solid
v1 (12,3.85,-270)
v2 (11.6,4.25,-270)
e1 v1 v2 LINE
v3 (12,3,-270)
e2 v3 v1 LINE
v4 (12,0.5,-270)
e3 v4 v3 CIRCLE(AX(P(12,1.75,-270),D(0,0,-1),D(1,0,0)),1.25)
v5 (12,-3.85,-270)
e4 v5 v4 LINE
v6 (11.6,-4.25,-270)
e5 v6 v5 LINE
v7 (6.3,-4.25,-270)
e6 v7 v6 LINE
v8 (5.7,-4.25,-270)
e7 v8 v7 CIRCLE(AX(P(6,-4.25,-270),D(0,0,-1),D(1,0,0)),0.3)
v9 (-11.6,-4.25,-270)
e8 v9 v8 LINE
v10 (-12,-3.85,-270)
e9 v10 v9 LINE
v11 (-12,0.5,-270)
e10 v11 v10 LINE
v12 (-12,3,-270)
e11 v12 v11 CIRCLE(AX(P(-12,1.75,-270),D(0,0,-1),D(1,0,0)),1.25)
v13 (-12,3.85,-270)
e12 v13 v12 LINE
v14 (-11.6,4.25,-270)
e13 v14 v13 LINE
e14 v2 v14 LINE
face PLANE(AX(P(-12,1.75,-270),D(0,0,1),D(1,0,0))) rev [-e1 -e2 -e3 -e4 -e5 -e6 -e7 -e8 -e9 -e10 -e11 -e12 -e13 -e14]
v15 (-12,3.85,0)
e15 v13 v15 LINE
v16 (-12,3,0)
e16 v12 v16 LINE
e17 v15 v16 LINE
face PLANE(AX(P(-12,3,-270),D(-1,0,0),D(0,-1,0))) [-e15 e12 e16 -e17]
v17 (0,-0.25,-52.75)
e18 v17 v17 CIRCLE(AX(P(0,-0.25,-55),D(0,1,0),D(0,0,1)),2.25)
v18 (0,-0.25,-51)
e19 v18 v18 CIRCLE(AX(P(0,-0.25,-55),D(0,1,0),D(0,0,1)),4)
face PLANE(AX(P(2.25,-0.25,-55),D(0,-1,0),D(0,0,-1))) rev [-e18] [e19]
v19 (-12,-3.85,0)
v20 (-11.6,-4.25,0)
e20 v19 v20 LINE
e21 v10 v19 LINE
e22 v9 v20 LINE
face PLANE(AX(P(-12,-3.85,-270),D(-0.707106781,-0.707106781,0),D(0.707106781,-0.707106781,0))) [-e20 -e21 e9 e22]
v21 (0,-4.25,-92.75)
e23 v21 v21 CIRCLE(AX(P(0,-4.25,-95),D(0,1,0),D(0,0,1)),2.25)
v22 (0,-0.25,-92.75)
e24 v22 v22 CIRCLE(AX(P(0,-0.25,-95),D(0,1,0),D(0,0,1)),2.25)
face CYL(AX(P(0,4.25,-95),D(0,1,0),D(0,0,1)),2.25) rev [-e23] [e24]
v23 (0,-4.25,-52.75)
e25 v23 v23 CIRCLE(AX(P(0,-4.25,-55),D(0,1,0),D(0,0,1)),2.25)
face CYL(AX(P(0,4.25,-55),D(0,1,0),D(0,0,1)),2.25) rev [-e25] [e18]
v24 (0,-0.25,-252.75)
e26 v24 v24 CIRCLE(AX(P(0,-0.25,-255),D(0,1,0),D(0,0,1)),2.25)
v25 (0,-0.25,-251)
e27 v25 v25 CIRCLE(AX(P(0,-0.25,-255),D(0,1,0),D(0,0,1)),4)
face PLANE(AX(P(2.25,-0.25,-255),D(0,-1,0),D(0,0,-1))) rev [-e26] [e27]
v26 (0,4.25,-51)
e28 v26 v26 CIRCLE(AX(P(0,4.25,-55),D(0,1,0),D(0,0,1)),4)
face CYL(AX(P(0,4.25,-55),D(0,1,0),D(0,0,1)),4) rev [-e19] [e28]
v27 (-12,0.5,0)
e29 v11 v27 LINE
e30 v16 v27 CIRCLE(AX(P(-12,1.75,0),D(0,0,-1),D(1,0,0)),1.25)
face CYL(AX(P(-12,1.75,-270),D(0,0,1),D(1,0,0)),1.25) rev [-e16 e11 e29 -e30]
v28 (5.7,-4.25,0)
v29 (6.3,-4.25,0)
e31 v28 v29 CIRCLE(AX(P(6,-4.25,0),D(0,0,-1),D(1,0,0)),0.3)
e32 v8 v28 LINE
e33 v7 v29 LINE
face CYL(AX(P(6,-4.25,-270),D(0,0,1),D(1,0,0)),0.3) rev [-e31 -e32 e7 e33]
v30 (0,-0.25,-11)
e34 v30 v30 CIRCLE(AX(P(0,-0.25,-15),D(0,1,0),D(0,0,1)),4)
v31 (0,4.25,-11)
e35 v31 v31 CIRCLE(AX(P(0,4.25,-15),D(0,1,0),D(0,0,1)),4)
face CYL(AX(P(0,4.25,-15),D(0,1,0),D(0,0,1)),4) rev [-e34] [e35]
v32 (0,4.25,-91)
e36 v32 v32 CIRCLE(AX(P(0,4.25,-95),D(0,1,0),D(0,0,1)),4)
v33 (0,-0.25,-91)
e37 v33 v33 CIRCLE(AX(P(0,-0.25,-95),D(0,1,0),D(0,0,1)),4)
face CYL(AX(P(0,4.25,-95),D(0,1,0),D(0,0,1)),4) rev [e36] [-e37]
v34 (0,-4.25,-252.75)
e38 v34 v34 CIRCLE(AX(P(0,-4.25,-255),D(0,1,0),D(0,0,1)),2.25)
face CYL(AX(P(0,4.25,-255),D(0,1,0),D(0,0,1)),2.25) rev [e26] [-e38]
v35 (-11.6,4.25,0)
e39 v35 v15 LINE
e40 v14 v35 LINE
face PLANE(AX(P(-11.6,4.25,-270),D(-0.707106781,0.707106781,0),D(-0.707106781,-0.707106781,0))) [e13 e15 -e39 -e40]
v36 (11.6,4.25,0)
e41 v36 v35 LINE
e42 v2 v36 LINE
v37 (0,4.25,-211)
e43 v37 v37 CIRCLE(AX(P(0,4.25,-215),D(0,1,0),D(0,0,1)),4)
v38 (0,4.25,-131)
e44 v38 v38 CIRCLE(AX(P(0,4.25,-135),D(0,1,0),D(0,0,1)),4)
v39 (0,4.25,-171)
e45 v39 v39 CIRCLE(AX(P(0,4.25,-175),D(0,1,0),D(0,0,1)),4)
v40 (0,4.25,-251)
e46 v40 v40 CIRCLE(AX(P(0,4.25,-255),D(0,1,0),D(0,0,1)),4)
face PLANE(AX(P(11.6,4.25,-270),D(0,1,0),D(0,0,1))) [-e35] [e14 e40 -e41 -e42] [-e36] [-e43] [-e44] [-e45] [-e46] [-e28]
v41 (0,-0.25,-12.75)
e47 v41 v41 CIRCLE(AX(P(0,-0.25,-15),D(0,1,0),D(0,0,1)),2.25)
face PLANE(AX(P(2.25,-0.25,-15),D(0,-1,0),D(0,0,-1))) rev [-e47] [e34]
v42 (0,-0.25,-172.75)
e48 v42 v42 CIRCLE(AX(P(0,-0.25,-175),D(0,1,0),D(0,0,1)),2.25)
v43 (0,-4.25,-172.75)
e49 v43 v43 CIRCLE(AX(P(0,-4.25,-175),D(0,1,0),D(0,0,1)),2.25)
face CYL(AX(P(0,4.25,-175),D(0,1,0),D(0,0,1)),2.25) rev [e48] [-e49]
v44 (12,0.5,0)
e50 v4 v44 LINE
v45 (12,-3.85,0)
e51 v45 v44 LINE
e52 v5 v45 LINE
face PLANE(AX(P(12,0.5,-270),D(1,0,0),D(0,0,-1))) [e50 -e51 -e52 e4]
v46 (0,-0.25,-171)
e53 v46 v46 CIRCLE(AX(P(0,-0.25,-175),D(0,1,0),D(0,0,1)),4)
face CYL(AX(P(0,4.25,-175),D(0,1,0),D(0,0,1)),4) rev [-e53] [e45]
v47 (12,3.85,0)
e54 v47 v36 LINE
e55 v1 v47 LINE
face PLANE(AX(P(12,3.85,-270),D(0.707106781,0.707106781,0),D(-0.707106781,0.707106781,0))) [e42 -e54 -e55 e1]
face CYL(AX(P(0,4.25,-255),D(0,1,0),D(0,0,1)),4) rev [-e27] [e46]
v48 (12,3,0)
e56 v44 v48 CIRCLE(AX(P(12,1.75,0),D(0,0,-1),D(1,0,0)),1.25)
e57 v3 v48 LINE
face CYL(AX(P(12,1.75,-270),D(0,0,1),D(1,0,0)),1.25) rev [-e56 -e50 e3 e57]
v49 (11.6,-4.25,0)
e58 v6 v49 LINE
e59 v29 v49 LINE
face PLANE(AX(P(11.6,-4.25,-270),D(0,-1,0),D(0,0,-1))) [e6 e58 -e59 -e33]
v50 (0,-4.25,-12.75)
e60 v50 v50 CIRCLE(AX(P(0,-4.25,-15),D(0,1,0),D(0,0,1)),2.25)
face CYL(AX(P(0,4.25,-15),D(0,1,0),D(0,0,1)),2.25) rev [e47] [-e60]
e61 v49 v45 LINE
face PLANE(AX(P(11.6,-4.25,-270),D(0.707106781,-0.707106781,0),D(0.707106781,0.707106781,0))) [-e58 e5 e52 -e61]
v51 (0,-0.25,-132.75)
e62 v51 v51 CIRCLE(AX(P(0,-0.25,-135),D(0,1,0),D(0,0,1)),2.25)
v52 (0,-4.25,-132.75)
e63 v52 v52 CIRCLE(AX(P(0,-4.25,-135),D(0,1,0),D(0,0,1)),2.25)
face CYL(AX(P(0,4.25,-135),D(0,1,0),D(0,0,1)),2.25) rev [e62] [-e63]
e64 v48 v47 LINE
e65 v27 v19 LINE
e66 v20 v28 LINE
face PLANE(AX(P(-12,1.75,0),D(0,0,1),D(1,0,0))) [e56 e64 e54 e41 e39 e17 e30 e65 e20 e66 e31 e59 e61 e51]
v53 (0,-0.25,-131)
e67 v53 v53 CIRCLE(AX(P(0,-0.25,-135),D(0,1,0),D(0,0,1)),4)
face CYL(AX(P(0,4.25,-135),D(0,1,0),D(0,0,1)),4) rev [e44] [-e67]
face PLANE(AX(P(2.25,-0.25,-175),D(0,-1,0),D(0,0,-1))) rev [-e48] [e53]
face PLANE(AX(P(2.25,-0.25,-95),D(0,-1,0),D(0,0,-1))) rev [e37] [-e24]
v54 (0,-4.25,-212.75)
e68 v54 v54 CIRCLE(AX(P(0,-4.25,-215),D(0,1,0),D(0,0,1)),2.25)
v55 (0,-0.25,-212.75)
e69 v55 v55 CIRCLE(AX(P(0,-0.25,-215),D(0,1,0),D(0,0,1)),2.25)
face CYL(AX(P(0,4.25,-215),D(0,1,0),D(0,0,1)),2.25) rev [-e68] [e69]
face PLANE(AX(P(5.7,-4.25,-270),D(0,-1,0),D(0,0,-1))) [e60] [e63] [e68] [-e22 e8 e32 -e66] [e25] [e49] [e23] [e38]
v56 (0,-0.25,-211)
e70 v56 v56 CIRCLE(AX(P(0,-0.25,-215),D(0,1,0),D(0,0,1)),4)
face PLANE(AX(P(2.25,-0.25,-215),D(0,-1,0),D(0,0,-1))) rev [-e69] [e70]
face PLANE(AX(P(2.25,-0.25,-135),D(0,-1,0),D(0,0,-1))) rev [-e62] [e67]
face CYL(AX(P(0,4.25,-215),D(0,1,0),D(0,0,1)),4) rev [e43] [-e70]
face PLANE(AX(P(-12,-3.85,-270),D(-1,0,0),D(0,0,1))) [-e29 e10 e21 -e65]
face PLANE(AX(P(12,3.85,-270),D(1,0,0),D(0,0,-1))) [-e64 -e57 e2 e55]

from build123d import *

# Parameters (mm, degrees)
EXTRUDE_1_DEPTH           = 270
HOLE_WIZARD_1_D           = 4.5
HOLE_WIZARD_1_CBORE_D     = 8
HOLE_WIZARD_1_CBORE_DEPTH = 4.5
PATTERN_LINEAR_1_COUNT    = 7
PATTERN_LINEAR_1_PITCH    = 40


with BuildPart() as part:
    # 草图1 → 凸台-拉伸1 (new body)
    with BuildSketch(Plane.XY):
        with BuildLine():
            Line((-12, 3), (-12, 3.85))
            Line((-12, 3.85), (-11.6, 4.25))
            Line((-11.6, 4.25), (11.6, 4.25))
            Line((11.6, 4.25), (12, 3.85))
            Line((12, 3.85), (12, 3))
            ThreePointArc((12, 3), (10.75, 1.75), (12, 0.5))
            Line((12, 0.5), (12, -3.85))
            Line((12, -3.85), (11.6, -4.25))
            Line((11.6, -4.25), (6.3, -4.25))
            ThreePointArc((6.3, -4.25), (6, -3.95), (5.7, -4.25))
            Line((5.7, -4.25), (-11.6, -4.25))
            Line((-11.6, -4.25), (-12, -3.85))
            Line((-12, -3.85), (-12, 0.5))
            ThreePointArc((-12, 0.5), (-10.75, 1.75), (-12, 3))
        make_face()
    extrude(amount=-EXTRUDE_1_DEPTH)

    # 打孔尺寸根据内六角圆柱头螺钉的类型1 (through all)
    with Locations(Plane(origin=(0, 4.25, 0), x_dir=(1, 0, 0), z_dir=(0, 1, 0))):
        with Locations((0, 15)):
            hole_wizard_1 = CounterBoreHole(HOLE_WIZARD_1_D / 2, HOLE_WIZARD_1_CBORE_D / 2, HOLE_WIZARD_1_CBORE_DEPTH)

    # 阵列(线性)1: 打孔尺寸根据内六角圆柱头螺钉的类型1 ×7
    with Locations(*[(0, 0, -i * PATTERN_LINEAR_1_PITCH) for i in range(1, PATTERN_LINEAR_1_COUNT)]):
        add(hole_wizard_1, mode=Mode.SUBTRACT)


solid = part.part
